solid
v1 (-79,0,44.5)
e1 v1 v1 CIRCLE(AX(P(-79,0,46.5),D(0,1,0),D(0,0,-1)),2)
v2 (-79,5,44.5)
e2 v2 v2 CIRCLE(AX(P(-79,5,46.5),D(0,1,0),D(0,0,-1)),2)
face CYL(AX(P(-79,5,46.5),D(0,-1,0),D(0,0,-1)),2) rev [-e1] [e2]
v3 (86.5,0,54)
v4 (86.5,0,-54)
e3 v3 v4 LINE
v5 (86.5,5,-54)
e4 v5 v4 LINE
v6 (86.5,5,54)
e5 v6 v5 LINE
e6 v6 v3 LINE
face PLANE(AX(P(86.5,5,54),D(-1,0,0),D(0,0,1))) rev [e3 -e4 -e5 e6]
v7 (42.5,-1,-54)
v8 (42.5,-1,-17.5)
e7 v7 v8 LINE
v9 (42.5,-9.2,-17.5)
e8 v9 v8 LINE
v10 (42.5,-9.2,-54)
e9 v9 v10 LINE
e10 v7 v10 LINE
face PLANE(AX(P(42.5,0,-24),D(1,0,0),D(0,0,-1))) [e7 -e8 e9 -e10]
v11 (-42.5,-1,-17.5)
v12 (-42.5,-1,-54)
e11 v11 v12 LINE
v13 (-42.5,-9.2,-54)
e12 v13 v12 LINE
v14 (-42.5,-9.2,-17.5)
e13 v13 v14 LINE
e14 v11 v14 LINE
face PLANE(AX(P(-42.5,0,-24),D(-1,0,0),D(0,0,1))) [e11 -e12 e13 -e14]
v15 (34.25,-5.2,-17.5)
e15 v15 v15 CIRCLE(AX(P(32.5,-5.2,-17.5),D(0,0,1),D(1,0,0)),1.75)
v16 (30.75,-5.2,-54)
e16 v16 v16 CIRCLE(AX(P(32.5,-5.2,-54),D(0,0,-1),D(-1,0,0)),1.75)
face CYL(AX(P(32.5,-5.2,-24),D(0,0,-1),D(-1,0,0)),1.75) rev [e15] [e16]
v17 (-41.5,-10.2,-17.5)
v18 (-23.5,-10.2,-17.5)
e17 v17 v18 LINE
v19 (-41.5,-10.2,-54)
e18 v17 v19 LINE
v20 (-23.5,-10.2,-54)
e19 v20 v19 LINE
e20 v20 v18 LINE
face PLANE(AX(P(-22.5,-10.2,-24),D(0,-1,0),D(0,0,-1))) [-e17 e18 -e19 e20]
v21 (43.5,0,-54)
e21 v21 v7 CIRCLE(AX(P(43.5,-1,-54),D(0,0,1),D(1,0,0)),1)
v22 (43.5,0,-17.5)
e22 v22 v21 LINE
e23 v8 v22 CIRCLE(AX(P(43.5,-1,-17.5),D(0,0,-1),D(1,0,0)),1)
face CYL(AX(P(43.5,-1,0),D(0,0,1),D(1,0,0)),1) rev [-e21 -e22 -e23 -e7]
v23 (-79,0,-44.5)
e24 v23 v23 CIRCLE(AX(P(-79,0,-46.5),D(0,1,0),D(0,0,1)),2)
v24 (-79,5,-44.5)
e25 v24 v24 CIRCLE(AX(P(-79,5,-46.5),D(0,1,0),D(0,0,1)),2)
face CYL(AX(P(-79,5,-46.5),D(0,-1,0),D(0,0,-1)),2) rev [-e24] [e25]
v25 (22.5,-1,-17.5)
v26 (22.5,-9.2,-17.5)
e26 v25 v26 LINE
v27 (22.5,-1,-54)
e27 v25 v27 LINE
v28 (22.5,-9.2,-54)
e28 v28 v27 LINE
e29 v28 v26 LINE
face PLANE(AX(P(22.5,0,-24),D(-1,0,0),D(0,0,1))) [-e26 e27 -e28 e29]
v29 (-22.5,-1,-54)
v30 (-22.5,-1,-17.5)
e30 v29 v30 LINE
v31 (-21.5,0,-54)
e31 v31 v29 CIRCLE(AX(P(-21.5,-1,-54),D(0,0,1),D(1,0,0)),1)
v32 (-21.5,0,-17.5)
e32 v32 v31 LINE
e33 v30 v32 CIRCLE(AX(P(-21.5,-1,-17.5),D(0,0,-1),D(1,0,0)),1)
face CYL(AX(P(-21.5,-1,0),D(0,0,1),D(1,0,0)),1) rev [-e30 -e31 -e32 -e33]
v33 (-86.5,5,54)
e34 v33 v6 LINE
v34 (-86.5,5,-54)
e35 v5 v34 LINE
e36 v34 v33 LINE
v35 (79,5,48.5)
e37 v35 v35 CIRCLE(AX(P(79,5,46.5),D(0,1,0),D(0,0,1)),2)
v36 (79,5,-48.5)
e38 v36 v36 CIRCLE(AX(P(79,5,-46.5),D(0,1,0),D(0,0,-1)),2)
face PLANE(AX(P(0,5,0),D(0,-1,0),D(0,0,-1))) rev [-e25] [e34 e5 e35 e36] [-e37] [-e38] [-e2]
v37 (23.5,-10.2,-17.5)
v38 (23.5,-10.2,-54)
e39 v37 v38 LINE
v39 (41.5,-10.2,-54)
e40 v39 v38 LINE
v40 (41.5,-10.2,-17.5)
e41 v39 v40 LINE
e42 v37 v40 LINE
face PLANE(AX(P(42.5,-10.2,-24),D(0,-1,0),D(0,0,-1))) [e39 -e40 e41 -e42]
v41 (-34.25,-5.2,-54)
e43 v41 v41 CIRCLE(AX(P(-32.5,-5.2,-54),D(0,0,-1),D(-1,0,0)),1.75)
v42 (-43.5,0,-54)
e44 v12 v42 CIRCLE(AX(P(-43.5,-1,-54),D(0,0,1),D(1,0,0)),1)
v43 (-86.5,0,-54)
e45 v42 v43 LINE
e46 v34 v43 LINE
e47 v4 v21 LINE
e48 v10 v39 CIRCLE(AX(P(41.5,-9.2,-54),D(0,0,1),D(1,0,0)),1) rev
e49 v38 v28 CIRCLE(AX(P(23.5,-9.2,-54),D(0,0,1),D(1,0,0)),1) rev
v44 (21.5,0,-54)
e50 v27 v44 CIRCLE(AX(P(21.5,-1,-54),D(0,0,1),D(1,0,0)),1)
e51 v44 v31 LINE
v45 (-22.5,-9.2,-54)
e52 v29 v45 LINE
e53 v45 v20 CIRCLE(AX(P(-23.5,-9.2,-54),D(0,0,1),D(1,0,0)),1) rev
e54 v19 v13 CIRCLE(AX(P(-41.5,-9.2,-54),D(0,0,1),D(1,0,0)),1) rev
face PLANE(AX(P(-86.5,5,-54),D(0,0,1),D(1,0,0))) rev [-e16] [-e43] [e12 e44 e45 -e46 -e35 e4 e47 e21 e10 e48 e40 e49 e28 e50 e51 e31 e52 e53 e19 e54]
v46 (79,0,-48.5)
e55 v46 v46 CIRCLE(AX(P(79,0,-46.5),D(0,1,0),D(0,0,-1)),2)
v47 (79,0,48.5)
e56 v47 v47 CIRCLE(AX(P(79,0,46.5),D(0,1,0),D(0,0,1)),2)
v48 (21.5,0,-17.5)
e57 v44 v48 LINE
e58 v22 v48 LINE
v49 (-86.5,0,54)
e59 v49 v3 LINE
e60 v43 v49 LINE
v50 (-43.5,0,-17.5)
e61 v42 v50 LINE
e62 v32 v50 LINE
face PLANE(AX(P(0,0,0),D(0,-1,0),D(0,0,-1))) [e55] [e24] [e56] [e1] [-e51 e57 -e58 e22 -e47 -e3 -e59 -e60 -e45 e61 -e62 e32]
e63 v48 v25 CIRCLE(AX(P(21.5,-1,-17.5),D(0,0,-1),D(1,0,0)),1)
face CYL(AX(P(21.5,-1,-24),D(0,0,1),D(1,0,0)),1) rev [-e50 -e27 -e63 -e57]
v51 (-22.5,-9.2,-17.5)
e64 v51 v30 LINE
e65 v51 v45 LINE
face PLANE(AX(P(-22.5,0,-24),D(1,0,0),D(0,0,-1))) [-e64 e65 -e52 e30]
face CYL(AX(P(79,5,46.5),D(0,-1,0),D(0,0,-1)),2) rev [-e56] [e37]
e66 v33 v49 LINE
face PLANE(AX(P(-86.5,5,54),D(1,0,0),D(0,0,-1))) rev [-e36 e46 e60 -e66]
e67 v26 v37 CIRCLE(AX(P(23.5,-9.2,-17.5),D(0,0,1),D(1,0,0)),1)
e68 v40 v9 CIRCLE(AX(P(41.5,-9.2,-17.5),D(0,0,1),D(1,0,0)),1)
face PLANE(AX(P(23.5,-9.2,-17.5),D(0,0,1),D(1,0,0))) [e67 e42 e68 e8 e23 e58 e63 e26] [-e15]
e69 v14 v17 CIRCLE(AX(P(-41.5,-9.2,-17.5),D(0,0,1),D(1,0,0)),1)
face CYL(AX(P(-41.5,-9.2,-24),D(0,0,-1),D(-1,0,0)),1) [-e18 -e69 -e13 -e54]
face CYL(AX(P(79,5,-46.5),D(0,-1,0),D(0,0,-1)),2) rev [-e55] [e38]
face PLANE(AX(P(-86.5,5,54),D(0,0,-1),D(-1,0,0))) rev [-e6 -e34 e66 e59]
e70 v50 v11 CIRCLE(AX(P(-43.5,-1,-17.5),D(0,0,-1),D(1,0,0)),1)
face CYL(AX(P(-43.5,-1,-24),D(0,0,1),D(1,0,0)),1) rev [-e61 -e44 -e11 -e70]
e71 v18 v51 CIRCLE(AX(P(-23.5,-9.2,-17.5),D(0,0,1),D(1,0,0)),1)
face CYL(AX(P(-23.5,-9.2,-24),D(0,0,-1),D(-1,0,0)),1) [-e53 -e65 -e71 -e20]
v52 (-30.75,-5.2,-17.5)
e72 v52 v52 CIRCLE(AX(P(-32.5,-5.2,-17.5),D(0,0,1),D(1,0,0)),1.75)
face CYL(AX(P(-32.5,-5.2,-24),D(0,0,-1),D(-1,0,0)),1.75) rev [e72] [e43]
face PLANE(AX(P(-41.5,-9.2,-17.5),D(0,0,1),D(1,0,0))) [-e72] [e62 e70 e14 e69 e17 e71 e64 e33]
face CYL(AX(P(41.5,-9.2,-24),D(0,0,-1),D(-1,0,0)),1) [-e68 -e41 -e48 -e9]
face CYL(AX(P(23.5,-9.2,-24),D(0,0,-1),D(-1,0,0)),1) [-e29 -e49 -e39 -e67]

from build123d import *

# Parameters (mm, degrees)
SKETCH_1_W      = 173
SKETCH_1_H      = 108
SKETCH_1_R      = 2
EXTRUDE_1_DEPTH = 5
SKETCH_2_W      = 20
SKETCH_2_H      = 10.2
SKETCH_2_R      = 1.75
EXTRUDE_2_DEPTH = 30
FILLET_1_R      = 1
EXTRUDE_START   = 6.5
SKETCH_3_R      = 1.75
EXTRUDE_3_DEPTH = 6.5


with BuildPart() as part:
    # 草图1 → 凸台-拉伸1 (new body)
    with BuildSketch(Plane(origin=(0, 0, 0), x_dir=(1, 0, 0), z_dir=(0, 1, 0))):
        Rectangle(SKETCH_1_W, SKETCH_1_H)
        with Locations(Location((-79, 46.5, 0), (0, 0, 270))):
            Circle(SKETCH_1_R, mode=Mode.SUBTRACT)
        with Locations(Location((79, 46.5, 0), (0, 0, 90))):
            Circle(SKETCH_1_R, mode=Mode.SUBTRACT)
        with Locations(Location((79, -46.5, 0), (0, 0, 270))):
            Circle(SKETCH_1_R, mode=Mode.SUBTRACT)
        with Locations(Location((-79, -46.5, 0), (0, 0, 90))):
            Circle(SKETCH_1_R, mode=Mode.SUBTRACT)
    extrude(amount=EXTRUDE_1_DEPTH)

    # 草图2 → 凸台-拉伸2 (add)
    # profile 1 of 2: a face of its own
    with BuildSketch(Plane(origin=(0, 0, -54), x_dir=(-1, 0, 0), z_dir=(0, 0, -1))):
        with Locations((-32.5, -5.1)):
            Rectangle(SKETCH_2_W, SKETCH_2_H)
        with Locations((-32.5, -5.2)):
            Circle(SKETCH_2_R, mode=Mode.SUBTRACT)
    # profile 2 of 2: a face of its own
    with BuildSketch(Plane(origin=(0, 0, -54), x_dir=(-1, 0, 0), z_dir=(0, 0, -1))):
        with Locations((32.5, -5.1)):
            Rectangle(SKETCH_2_W, SKETCH_2_H)
        with Locations((32.5, -5.2)):
            Circle(SKETCH_2_R, mode=Mode.SUBTRACT)
    extrude(amount=-EXTRUDE_2_DEPTH)

    # 圆角1
    fillet_1_edges = [part.edges().sort_by_distance(p)[0] for p in [
        (42.5, -10.2, -39),
        (42.5, 0, -39),
        (22.5, 0, -39),
        (22.5, -10.2, -39),
        (-22.5, -10.2, -39),
        (-22.5, 0, -39),
        (-42.5, 0, -39),
        (-42.5, -10.2, -39),
    ]]
    fillet(fillet_1_edges, radius=FILLET_1_R)

    # 草图3 → 凸台-拉伸3 (add)
    # profile 1 of 2: a face of its own
    with BuildSketch(Plane.XY.offset(-24).offset(EXTRUDE_START)):
        with BuildLine():
            Line((23.5, -10.2), (41.5, -10.2))
            ThreePointArc((41.5, -10.2), (42.207106781, -9.907106781), (42.5, -9.2))
            Line((42.5, -9.2), (42.5, -1))
            ThreePointArc((42.5, -1), (42.792893219, -0.292893219), (43.5, 0))
            Line((43.5, 0), (21.5, 0))
            ThreePointArc((21.5, 0), (22.207106781, -0.292893219), (22.5, -1))
            Line((22.5, -1), (22.5, -9.2))
            ThreePointArc((22.5, -9.2), (22.792893219, -9.907106781), (23.5, -10.2))
        make_face()
        with Locations(Location((32.5, -5.2, 0), (0, 0, 180))):
            Circle(SKETCH_3_R, mode=Mode.SUBTRACT)
    # profile 2 of 2: a face of its own
    with BuildSketch(Plane.XY.offset(-24).offset(EXTRUDE_START)):
        with BuildLine():
            Line((-41.5, -10.2), (-23.5, -10.2))
            ThreePointArc((-23.5, -10.2), (-22.792893219, -9.907106781), (-22.5, -9.2))
            Line((-22.5, -9.2), (-22.5, -1))
            ThreePointArc((-22.5, -1), (-22.207106781, -0.292893219), (-21.5, 0))
            Line((-21.5, 0), (-43.5, 0))
            ThreePointArc((-43.5, 0), (-42.792893219, -0.292893219), (-42.5, -1))
            Line((-42.5, -1), (-42.5, -9.2))
            ThreePointArc((-42.5, -9.2), (-42.207106781, -9.907106781), (-41.5, -10.2))
        make_face()
        with Locations(Location((-32.5, -5.2, 0), (0, 0, 180))):
            Circle(SKETCH_3_R, mode=Mode.SUBTRACT)
    extrude(amount=-EXTRUDE_3_DEPTH)


solid = part.part
